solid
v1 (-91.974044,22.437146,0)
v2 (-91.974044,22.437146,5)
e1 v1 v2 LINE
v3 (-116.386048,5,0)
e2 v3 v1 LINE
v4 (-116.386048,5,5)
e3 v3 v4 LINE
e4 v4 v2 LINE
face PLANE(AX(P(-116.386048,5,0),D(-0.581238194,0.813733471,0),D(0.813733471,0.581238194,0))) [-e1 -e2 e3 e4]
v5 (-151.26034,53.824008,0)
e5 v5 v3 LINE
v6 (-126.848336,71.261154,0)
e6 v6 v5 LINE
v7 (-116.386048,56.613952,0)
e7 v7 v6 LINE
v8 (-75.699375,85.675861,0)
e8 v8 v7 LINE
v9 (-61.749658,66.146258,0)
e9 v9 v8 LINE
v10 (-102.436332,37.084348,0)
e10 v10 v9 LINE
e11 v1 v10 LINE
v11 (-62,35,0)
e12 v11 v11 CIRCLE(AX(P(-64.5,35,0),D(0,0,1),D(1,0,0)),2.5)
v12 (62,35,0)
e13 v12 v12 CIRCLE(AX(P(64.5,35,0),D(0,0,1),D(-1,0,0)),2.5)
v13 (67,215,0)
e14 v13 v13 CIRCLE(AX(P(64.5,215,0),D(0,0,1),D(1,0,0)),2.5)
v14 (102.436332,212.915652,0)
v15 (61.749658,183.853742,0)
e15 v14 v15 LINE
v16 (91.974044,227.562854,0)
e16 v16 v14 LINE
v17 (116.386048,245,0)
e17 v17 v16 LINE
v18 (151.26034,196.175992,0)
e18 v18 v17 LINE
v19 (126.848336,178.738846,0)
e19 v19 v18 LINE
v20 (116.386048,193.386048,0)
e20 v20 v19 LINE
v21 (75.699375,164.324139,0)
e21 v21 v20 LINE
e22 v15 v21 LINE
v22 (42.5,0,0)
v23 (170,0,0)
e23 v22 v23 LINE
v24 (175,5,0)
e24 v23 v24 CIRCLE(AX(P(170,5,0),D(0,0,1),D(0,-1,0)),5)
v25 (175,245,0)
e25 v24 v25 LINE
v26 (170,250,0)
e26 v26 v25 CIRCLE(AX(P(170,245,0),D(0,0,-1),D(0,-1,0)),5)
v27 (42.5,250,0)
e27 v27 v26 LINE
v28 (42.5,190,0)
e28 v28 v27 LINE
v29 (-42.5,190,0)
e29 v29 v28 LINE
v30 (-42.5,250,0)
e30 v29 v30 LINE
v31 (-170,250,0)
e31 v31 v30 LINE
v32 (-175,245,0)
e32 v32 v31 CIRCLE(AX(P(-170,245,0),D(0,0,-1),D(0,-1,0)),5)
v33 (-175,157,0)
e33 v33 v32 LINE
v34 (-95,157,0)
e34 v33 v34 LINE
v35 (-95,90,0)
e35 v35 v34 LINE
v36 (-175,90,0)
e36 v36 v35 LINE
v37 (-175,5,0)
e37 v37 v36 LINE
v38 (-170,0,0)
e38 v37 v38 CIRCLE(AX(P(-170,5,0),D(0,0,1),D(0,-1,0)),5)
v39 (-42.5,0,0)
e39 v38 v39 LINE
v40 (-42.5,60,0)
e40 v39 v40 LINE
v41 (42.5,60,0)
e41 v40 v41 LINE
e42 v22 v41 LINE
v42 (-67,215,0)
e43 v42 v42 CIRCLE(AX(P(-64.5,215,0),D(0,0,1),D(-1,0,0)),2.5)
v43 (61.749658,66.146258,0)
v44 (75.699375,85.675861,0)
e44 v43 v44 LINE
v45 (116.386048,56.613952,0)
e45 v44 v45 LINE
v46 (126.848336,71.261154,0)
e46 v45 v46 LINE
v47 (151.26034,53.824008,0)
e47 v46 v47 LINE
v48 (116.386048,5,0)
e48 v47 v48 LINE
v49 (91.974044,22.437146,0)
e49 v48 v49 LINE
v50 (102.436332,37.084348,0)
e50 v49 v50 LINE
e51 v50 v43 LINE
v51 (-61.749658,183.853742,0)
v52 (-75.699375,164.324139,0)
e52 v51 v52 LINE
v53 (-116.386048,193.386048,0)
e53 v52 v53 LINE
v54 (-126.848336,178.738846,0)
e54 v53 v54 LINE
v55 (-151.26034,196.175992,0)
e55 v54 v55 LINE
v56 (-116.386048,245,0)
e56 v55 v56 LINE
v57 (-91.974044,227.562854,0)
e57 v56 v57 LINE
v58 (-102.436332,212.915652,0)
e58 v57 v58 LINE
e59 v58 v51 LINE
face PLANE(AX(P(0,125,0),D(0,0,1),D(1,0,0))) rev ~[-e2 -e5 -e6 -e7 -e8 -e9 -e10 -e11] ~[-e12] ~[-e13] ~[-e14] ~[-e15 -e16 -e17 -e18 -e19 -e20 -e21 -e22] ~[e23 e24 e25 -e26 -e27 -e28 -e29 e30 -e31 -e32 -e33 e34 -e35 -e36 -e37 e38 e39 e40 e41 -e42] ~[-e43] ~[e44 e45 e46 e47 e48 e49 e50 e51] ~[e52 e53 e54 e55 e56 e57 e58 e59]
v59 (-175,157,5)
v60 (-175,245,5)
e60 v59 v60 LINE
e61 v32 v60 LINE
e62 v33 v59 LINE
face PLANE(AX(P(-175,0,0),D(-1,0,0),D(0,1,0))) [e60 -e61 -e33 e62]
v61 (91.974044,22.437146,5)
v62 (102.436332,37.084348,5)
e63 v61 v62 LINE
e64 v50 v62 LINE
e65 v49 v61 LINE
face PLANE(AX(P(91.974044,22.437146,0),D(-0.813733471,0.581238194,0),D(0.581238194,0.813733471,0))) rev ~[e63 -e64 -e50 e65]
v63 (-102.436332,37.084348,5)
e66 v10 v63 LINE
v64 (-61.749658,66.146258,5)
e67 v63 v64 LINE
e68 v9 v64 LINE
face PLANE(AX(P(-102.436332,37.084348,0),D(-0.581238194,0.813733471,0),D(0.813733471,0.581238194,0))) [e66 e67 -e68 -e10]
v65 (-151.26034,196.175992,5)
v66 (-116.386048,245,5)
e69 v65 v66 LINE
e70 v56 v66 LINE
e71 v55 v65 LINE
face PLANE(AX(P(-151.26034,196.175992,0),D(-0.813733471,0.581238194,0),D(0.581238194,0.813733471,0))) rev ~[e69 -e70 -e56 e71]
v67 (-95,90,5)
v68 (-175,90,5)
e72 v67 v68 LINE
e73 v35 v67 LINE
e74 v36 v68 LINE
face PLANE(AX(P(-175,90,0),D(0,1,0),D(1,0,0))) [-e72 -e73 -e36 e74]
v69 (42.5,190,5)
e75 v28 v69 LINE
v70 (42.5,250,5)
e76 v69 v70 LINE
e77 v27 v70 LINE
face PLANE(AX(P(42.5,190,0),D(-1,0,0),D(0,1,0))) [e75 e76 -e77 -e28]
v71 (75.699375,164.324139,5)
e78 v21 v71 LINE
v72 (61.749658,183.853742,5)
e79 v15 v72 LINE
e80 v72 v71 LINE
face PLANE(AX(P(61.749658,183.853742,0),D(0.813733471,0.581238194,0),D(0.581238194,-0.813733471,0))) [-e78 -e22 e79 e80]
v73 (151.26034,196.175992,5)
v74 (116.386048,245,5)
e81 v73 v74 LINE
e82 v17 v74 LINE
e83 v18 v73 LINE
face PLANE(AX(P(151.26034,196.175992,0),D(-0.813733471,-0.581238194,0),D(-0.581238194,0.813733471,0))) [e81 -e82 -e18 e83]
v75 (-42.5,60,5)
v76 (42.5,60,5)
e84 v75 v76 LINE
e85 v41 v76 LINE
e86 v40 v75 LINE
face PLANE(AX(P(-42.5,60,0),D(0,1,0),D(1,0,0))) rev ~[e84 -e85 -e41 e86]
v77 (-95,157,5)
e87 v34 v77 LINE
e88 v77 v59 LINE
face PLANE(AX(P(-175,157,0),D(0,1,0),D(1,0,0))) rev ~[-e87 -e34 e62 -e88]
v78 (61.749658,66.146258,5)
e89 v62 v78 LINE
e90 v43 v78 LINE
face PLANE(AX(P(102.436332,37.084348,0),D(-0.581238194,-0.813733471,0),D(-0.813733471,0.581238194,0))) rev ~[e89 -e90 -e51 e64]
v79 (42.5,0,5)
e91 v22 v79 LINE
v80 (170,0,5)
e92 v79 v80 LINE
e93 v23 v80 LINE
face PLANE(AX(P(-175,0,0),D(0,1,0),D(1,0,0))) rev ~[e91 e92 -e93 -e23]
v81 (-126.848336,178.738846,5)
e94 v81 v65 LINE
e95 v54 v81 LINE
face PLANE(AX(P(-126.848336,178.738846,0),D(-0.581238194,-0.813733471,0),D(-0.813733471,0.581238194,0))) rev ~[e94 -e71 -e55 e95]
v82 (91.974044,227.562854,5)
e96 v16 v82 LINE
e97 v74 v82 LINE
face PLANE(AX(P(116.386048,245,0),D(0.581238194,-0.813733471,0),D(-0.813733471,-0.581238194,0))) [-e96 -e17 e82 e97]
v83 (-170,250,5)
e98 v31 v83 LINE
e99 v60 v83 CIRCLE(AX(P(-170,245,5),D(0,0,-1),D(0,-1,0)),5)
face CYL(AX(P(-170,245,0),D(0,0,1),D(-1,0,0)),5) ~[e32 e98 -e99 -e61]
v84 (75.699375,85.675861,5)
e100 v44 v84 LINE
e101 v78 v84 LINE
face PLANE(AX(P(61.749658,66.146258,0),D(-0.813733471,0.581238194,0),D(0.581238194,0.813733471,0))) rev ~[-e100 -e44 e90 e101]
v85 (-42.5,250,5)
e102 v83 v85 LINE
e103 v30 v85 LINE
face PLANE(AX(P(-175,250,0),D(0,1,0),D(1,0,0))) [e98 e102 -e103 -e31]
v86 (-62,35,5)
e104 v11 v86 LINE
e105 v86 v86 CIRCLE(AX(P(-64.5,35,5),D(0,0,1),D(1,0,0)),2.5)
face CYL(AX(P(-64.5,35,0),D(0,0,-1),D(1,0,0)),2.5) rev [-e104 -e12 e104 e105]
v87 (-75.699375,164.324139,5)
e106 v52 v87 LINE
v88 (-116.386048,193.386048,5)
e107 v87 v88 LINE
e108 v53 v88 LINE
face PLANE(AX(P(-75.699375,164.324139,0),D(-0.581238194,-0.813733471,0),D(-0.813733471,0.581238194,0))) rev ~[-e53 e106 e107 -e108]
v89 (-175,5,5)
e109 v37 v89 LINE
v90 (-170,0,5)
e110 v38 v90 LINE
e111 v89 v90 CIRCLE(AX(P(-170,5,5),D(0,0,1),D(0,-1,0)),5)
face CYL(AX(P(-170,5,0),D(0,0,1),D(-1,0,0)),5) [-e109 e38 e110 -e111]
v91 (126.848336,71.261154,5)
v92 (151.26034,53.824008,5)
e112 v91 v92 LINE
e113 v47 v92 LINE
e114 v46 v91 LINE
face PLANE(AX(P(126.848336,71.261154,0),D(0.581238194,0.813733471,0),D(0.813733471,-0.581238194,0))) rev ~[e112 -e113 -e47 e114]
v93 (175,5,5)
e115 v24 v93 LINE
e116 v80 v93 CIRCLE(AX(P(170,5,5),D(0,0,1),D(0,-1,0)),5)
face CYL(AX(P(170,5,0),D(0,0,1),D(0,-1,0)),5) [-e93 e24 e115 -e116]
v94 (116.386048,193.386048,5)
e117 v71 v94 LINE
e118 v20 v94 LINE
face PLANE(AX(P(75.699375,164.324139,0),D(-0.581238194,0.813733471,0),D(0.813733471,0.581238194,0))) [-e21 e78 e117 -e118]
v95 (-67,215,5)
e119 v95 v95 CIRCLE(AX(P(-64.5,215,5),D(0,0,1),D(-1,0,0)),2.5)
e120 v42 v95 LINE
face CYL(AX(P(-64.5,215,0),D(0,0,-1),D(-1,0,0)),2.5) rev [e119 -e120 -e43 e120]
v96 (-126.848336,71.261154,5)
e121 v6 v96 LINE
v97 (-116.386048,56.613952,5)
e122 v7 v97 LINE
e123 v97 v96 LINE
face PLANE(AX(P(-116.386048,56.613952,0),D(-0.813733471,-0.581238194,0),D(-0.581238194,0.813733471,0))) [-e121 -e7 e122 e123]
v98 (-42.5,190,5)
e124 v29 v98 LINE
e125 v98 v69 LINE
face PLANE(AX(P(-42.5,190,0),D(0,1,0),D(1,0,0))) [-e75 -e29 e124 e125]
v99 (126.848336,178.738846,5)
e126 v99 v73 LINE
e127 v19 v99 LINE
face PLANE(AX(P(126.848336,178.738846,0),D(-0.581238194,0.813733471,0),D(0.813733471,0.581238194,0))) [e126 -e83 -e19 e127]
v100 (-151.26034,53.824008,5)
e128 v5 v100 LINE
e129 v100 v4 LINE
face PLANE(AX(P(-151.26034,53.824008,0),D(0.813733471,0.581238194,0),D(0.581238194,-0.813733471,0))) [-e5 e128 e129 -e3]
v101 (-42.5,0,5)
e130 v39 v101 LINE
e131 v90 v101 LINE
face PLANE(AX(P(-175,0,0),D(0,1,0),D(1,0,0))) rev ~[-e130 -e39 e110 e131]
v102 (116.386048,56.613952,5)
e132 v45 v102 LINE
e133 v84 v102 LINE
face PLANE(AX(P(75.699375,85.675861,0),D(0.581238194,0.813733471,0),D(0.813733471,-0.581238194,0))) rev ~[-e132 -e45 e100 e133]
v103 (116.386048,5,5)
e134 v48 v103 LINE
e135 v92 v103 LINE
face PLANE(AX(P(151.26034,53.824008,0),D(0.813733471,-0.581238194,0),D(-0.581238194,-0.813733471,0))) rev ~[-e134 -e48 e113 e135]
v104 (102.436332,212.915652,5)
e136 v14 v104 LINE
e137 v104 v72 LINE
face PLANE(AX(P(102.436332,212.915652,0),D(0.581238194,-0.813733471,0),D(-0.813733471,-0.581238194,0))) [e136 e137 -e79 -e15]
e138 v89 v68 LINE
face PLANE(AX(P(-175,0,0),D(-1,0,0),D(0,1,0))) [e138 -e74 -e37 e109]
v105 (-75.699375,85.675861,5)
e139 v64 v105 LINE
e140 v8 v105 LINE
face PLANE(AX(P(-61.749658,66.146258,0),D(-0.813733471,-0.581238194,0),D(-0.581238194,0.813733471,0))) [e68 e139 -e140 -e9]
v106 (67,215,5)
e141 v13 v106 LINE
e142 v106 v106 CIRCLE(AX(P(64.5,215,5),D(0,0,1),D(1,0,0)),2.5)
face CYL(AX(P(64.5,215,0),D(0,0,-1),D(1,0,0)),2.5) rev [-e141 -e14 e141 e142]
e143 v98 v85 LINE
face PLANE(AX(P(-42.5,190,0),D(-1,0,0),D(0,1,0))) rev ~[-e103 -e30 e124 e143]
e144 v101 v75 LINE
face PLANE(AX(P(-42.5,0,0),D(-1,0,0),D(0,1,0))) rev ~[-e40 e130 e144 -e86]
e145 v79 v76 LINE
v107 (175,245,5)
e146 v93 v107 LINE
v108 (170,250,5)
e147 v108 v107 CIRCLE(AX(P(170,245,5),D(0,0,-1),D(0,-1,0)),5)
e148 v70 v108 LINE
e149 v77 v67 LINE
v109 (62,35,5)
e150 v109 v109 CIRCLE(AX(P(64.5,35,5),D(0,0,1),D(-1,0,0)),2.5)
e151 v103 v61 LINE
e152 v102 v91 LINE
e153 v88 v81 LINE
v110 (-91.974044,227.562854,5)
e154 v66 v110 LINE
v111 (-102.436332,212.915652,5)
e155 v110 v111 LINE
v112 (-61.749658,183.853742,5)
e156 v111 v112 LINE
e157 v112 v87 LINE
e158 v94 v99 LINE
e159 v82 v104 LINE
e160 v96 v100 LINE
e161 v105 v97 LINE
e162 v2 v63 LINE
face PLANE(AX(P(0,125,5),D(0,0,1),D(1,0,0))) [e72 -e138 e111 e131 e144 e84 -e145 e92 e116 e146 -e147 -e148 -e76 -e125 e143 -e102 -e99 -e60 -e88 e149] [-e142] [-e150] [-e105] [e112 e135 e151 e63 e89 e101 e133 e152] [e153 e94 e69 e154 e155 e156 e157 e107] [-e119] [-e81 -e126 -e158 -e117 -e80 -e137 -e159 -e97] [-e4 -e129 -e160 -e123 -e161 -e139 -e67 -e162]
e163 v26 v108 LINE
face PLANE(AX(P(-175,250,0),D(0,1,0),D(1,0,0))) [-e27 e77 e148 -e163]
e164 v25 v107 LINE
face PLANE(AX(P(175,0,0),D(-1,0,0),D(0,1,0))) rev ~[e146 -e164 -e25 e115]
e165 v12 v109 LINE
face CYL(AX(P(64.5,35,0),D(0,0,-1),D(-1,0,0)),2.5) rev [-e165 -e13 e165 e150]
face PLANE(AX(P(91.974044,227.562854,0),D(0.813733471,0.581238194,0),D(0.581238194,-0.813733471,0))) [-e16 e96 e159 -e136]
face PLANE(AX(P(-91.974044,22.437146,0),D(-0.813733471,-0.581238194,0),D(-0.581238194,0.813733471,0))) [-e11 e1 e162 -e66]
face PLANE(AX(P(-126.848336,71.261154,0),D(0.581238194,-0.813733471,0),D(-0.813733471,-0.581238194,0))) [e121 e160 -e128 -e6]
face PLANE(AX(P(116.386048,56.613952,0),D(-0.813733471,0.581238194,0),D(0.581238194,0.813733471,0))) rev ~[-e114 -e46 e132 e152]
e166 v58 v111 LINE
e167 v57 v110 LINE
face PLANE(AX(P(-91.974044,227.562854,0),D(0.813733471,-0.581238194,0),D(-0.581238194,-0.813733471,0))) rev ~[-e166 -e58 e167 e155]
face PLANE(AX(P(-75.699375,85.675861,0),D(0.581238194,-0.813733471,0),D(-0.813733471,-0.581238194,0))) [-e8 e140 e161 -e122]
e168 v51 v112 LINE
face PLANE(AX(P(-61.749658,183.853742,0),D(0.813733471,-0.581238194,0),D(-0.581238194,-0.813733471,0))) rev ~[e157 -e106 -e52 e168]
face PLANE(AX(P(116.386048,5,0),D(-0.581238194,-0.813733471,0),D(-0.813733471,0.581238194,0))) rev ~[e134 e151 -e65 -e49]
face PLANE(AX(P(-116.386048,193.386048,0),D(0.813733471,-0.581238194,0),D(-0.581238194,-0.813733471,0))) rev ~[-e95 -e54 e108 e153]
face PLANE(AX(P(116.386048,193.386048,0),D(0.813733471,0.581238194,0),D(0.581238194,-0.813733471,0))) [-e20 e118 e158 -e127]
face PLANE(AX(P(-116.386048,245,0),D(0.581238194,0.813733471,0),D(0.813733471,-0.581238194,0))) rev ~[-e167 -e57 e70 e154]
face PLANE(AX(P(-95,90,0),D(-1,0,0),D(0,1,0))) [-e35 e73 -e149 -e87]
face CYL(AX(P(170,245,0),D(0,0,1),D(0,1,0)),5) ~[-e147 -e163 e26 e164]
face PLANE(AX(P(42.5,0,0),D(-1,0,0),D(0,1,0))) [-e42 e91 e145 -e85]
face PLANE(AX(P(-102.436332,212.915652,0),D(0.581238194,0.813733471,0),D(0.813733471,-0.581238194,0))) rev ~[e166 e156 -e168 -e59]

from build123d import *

# Parameters (mm, degrees)
ESQUISSE1_W              = 350
ESQUISSE1_H              = 250
BOSS_EXTRU_1_DEPTH       = 5
ENL_V_MAT_EXTRU_1_DEPTH  = 5
CONG_1_R                 = 5
ESQUISSE8_W              = 85
ESQUISSE8_H              = 60
ENL_V_MAT_EXTRU_12_DEPTH = 5
ESQUISSE9_R              = 2.5
ENL_V_MAT_EXTRU_14_DEPTH = 5
ESQUISSE10_W             = 80
ESQUISSE10_H             = 67
ENL_V_MAT_EXTRU_15_DEPTH = 10


with BuildPart() as part:
    # Esquisse1 → Boss.-Extru.1 (new body)
    with BuildSketch(Plane.XY):
        with Locations((0, 125)):
            Rectangle(ESQUISSE1_W, ESQUISSE1_H)
    extrude(amount=BOSS_EXTRU_1_DEPTH)

    # Esquisse2 → Enlèv. mat.-Extru.1 (cut)
    with BuildSketch(Plane.XY):
        Polygon((-61.749658188, 183.853742021), (-75.699374837, 164.324138712), (-116.386048398, 193.386048398), (-126.848335885, 178.738845916), (-151.260340021, 196.175991728), (-116.386048398, 245), (-91.974044262, 227.562854188), (-102.436331748, 212.915651707), align=None)
        Polygon((61.749658188, 183.853742021), (75.699374837, 164.324138712), (116.386048398, 193.386048398), (126.848335885, 178.738845916), (151.260340021, 196.175991728), (116.386048398, 245), (91.974044262, 227.562854188), (102.436331748, 212.915651707), align=None)
        Polygon((61.749658188, 66.146257979), (75.699374837, 85.675861288), (116.386048398, 56.613951602), (126.848335885, 71.261154084), (151.260340021, 53.824008272), (116.386048398, 5), (91.974044262, 22.437145812), (102.436331748, 37.084348293), align=None)
        Polygon((-61.749658188, 66.146257979), (-75.699374837, 85.675861288), (-116.386048398, 56.613951602), (-126.848335885, 71.261154084), (-151.260340021, 53.824008272), (-116.386048398, 5), (-91.974044262, 22.437145812), (-102.436331748, 37.084348293), align=None)
    extrude(amount=ENL_V_MAT_EXTRU_1_DEPTH, mode=Mode.SUBTRACT)

    # Congé1
    cong_1_edges = [part.edges().sort_by_distance(p)[0] for p in [
        (-175, 250, 2.5),
        (175, 250, 2.5),
        (175, 0, 2.5),
        (-175, 0, 2.5),
    ]]
    fillet(cong_1_edges, radius=CONG_1_R)

    # Esquisse8 → Enlèv. mat.-Extru.12 (cut)
    with BuildSketch(Plane.XY):
        with Locations((0, 220)):
            Rectangle(ESQUISSE8_W, ESQUISSE8_H)
        with Locations((0, 30)):
            Rectangle(ESQUISSE8_W, ESQUISSE8_H)
    extrude(amount=ENL_V_MAT_EXTRU_12_DEPTH, mode=Mode.SUBTRACT)

    # Esquisse9 → Enlèv. mat.-Extru.14 (cut)
    with BuildSketch(Plane.XY):
        with Locations((-64.5, 35)):
            Circle(ESQUISSE9_R)
        with Locations(Location((64.5, 35, 0), (0, 0, 180))):
            Circle(ESQUISSE9_R)
        with Locations((64.5, 215)):
            Circle(ESQUISSE9_R)
        with Locations(Location((-64.5, 215, 0), (0, 0, 180))):
            Circle(ESQUISSE9_R)
    extrude(amount=ENL_V_MAT_EXTRU_14_DEPTH, mode=Mode.SUBTRACT)

    # Esquisse10 → Enlèv. mat.-Extru.15 (cut)
    with BuildSketch(Plane.XY):
        with Locations((-135, 123.5)):
            Rectangle(ESQUISSE10_W, ESQUISSE10_H)
    extrude(amount=ENL_V_MAT_EXTRU_15_DEPTH, mode=Mode.SUBTRACT)


solid = part.part
